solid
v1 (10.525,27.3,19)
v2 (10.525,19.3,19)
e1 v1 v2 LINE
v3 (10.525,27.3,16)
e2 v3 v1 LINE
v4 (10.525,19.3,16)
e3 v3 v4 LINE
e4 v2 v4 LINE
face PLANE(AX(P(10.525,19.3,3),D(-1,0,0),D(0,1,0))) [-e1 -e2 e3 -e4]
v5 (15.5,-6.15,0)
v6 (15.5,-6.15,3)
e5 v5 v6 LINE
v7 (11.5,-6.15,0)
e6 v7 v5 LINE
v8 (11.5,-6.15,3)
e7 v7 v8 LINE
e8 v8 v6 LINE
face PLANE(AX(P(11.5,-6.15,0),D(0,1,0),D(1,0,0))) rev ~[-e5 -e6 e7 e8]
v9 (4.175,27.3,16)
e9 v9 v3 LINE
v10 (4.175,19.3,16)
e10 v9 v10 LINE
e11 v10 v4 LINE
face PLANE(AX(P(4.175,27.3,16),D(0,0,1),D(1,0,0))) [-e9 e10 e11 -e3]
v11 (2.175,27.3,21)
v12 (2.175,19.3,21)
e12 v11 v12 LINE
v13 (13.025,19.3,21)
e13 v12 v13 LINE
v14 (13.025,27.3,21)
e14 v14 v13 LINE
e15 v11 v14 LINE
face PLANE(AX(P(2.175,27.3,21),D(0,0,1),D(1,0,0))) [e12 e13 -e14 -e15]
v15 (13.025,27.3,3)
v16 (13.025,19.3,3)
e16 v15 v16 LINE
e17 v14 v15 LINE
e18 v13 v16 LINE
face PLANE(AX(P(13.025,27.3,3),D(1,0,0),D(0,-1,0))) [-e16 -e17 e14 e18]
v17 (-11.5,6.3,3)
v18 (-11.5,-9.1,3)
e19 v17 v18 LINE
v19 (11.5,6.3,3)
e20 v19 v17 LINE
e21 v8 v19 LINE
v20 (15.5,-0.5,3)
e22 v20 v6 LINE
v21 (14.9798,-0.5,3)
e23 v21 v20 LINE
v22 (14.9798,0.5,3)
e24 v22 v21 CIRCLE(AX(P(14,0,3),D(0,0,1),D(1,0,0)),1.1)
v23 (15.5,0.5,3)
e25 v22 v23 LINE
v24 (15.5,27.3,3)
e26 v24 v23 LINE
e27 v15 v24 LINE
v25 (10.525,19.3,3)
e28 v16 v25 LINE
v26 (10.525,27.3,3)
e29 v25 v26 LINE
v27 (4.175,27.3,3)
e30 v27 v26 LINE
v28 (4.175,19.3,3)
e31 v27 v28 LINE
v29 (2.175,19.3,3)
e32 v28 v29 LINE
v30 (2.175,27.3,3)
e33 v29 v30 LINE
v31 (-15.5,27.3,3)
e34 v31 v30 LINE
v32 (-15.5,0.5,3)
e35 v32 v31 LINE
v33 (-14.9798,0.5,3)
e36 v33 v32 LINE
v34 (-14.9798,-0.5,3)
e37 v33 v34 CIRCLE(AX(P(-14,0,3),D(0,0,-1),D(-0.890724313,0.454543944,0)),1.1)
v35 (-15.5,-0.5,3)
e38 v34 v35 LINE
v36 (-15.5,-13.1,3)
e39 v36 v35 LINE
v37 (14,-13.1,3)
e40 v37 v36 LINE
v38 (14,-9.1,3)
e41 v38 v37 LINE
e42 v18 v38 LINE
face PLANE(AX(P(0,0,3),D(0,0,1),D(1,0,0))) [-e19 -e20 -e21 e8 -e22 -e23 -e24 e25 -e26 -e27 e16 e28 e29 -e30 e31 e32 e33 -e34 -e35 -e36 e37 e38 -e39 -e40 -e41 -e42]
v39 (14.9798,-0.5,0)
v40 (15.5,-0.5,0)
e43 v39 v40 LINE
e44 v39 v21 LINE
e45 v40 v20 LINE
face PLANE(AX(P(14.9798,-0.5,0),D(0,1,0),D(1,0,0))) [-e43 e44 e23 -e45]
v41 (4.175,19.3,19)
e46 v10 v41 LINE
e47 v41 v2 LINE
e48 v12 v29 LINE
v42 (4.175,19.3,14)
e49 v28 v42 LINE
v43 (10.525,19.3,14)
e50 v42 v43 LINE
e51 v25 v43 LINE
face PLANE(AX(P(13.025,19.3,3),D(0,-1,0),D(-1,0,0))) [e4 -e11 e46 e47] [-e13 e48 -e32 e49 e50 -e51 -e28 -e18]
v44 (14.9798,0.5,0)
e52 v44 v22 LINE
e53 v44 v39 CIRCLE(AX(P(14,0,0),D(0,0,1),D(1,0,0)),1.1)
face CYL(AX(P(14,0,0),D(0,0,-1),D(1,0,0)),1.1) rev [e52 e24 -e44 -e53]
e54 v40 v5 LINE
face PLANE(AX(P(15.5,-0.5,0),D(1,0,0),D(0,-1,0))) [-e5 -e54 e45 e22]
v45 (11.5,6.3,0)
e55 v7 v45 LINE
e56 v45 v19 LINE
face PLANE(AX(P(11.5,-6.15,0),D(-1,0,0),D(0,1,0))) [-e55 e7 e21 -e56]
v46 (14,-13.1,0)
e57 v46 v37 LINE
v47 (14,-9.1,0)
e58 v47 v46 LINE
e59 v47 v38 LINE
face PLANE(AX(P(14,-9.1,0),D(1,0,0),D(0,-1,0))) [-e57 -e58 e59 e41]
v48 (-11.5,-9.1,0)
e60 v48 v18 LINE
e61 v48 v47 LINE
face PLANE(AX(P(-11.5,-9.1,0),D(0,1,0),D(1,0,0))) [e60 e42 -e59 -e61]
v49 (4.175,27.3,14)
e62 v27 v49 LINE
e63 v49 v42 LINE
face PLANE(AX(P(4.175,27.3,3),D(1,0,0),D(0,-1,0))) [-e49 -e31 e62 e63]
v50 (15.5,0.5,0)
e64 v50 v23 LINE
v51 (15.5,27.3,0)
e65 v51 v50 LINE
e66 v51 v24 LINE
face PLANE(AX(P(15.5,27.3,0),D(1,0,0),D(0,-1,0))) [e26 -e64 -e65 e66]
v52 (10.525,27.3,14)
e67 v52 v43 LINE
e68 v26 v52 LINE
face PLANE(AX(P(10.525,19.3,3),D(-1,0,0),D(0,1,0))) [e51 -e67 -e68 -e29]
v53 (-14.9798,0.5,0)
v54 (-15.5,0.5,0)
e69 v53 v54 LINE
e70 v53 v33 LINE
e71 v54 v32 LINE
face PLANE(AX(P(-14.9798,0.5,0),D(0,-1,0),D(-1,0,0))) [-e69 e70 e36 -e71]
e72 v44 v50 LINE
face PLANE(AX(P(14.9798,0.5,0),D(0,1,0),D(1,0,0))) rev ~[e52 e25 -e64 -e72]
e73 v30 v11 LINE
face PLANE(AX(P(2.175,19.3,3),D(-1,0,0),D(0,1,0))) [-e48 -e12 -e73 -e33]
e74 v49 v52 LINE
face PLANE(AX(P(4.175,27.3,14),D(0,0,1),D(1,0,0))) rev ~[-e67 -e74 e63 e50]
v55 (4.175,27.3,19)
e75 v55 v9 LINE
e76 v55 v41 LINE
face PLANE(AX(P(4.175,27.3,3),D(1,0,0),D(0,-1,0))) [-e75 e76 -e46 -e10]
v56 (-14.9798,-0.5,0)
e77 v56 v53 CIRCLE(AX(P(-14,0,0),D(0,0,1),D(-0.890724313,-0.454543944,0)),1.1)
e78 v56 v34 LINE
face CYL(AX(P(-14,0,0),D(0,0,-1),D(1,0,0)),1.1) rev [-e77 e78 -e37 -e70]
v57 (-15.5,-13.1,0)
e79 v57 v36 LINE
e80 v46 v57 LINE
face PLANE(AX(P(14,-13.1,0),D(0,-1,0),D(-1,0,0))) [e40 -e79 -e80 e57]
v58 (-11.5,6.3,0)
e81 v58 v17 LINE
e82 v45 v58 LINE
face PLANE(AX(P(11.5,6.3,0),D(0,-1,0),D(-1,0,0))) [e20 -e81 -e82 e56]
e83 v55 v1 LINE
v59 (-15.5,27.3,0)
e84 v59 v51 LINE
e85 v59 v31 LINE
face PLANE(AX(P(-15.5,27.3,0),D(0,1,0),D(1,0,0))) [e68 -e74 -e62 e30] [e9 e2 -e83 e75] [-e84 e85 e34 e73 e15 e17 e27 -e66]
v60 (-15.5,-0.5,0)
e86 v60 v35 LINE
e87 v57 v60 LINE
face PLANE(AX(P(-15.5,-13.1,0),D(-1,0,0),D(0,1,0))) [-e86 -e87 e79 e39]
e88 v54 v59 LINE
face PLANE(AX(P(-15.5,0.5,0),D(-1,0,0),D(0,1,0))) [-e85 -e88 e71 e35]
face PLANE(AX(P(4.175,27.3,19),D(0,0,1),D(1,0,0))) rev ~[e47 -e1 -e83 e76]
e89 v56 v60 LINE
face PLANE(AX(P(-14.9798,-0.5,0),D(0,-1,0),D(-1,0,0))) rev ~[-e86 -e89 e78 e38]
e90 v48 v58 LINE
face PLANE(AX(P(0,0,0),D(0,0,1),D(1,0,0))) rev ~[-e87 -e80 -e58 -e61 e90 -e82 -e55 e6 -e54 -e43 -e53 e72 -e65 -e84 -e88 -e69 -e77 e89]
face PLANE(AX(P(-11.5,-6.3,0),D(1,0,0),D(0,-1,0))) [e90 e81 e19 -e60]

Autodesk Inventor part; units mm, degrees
ref_plane "YZ Plane" through (0, 0, 0) normal (1, 0, 0) x (0, 1, 0)
ref_plane "XZ Plane" through (0, 0, 0) normal (0, 1, 0) x (-1, 0, 0)
ref_plane "XY Plane" through (0, 0, 0) normal (0, 0, 1) x (1, 0, 0)
sketch "Sketch1" plane through (0, 0, 0) normal (0, 0, 1) x (1, 0, 0)
  line L0 (-11.35, -6.15) -> (11.35, -6.15) construction
  line L1 (11.35, -6.15) -> (11.35, 6.15) construction
  line L2 (11.35, 6.15) -> (-11.35, 6.15) construction
  line L3 (-11.35, 6.15) -> (-11.35, -6.15) construction
  line L4 (-11.35, -6.15) -> (11.35, 6.15) construction
  line L5 (11.35, -6.15) -> (-11.35, 6.15) construction
  line L6 (-11.5, -6.3) -> (11.5, -6.3)
  line L7 (11.5, -6.3) -> (11.5, 6.3)
  line L8 (11.5, 6.3) -> (-11.5, 6.3)
  line L9 (-11.5, 6.3) -> (-11.5, -6.3)
  line L10 (-11.5, -6.3) -> (11.5, 6.3) construction
  line L11 (11.5, -6.3) -> (-11.5, 6.3) construction
  line L12 (-15.5, -13.1) -> (-15.5, 27.3)
  line L13 (-15.5, 27.3) -> (15.5, 27.3)
  line L14 (15.5, 27.3) -> (15.5, -6.15)
  line L15 (11.5, -6.15) -> (15.5, -6.15)
  line L16 (-11.5, -6.3) -> (-11.5, -9.1)
  line L17 (-11.5, -9.1) -> (14, -9.1)
  line L18 (14, -9.1) -> (14, -13.1)
  line L19 (14, -13.1) -> (-15.5, -13.1)
  circle A0 centre (-14, 0) radius 1.1
  line L20 (-14.9798, 0.5) -> (-15.5, 0.5)
  line L21 (-14.9798, -0.5) -> (-15.5, -0.5)
  line L22 (0, 0) -> (0, 6.3) construction
  circle A1 centre (14, 0) radius 1.1
  line L23 (14.9798, 0.5) -> (15.5, 0.5)
  line L24 (14.9798, -0.5) -> (15.5, -0.5)
  point P0 (15.5, -0.5)
  point P1 (15.5, 0.5)
  point P2 (14, -11.1)
  dimension "d0" = 22.7
  dimension "d1" = 12.3
  dimension "d2" = 0.15
  dimension "d3" = 0.15
  dimension "d5" = 2.95
  dimension "d6" = 4
  dimension "d7" = 21
  dimension "d8" = 4
  dimension "d9" = 4
  dimension "d13" = 2.2
  dimension "d14" = 14
  dimension "d15" = 1
extrude "Extrusion2" add sketch "Sketch1" along normal blind 3 contours L16 L17 L18 L19 L12 L21 A0 L20 L13 L14 L23 A1 L24 L15 L7 L8 L9
sketch "Sketch2" plane through (0, 0, 3) normal (0, 0, 1) x (1, 0, 0)
  line L0 (15.5, 27.3) -> (-15.5, 27.3) projected
  line L1 (-11.5, 6.3) -> (11.5, 6.3) projected
  line L2 (10.525, 27.3) -> (13.025, 27.3)
  line L3 (13.025, 27.3) -> (13.025, 19.3)
  line L4 (13.025, 19.3) -> (10.525, 19.3)
  line L5 (10.525, 19.3) -> (10.525, 27.3)
  line L6 (11.5, 6.3) -> (11.5, -6.15) projected
  line L7 (2.175, 27.3) -> (4.175, 27.3)
  line L8 (4.175, 27.3) -> (4.175, 19.3)
  line L9 (4.175, 19.3) -> (2.175, 19.3)
  line L10 (2.175, 19.3) -> (2.175, 27.3)
  line L11 (14, -9.1) -> (-11.5, -9.1) projected
  line L12 (-15.5, -13.1) -> (14, -13.1) projected
  line L13 (10.525, -9.1) -> (13.025, -9.1)
  line L14 (13.025, -9.1) -> (13.025, -13.1)
  line L15 (13.025, -13.1) -> (10.525, -13.1)
  line L16 (10.525, -13.1) -> (10.525, -9.1)
  line L17 (4.175, -9.1) -> (2.175, -9.1)
  line L18 (2.175, -9.1) -> (2.175, -13.1)
  line L19 (2.175, -13.1) -> (4.175, -13.1)
  line L20 (4.175, -13.1) -> (4.175, -9.1)
  point P0 (0, 0)
  point P1 (7.65, 6.55)
  point P2 (7.65, 6.55)
  point P3 (-1.7, 6.55)
  point P4 (10.525, -13.1)
  point P5 (4.175, -13.1)
  point P6 (2.175, -9.1)
  point P7 (10.525, -13.1)
  dimension "d19" = 2.5
  dimension "d22" = 0.975
  dimension "d23" = 2
  dimension "d24" = 6.35
  dimension "d25" = 13
extrude "Extrusion3" add sketch "Sketch2" along normal blind 13.4 contours L3 L4 L5 L0 | L8 L9 L10 L0
sketch "Sketch3" plane through (-15.5, 27.3, 0) normal (0, 1, 0) x (1, 0, 0)
  line L0 (19.675, -3) -> (19.675, -16.4) projected
  line L1 (26.025, -3) -> (26.025, -16.4) projected
  line L2 (28.525, -16.4) -> (26.025, -16.4) projected
  line L3 (17.675, -16.4) -> (19.675, -16.4) projected
  line L4 (19.675, -16.4) -> (19.675, -19)
  line L5 (19.675, -19) -> (26.025, -19)
  line L6 (26.025, -19) -> (26.025, -16.4)
  line L7 (26.025, -3) -> (19.675, -3) projected
  line L8 (17.675, -16.4) -> (17.675, -21)
  line L9 (17.675, -21) -> (28.525, -21)
  line L10 (28.525, -21) -> (28.525, -16.4)
  line L11 (19.675, -16) -> (26.025, -16)
  line L12 (19.675, -14) -> (26.025, -14)
  point P0 (15.5, 0)
  dimension "d27" = 16
  dimension "d28" = 4.6
  dimension "d31" = 3
  dimension "d32" = 2
extrude "Extrusion4" add sketch "Sketch3" against normal blind 8 contours L12 L1 L11 L0 | L4 L5 L6 L2 L10 L9 L8 L3
equation "\"d2\" = toleranciaServo + margenServo"
equation "\"d3\" = toleranciaServo + margenServo"
equation "\"d5\" = espesorAcrilico + margenAcrilico"
equation "\"d16\" = espesorPieza"
equation "\"d24\" = juegoCremallera + anchoCremallera - toleranciaAcrilico"
equation "\"toleranciaServo\" = 0.1"
equation "\"espesorAcrilico\" = 2.55"
equation "\"margenAcrilico\" = 0.4"
equation "\"margenServo\" = 0.05"
equation "\"largoPatilla\" = 24"
equation "\"espesorPieza\" = 3"
equation "\"anchoCremallera\" = 6.25"
equation "\"toleranciaAcrilico\" = 0.2"
equation "\"juegoCremallera\" = 0.3"
equation "\"distCremallera\" = 1.075"
properties part number "SoporteServo v2"
